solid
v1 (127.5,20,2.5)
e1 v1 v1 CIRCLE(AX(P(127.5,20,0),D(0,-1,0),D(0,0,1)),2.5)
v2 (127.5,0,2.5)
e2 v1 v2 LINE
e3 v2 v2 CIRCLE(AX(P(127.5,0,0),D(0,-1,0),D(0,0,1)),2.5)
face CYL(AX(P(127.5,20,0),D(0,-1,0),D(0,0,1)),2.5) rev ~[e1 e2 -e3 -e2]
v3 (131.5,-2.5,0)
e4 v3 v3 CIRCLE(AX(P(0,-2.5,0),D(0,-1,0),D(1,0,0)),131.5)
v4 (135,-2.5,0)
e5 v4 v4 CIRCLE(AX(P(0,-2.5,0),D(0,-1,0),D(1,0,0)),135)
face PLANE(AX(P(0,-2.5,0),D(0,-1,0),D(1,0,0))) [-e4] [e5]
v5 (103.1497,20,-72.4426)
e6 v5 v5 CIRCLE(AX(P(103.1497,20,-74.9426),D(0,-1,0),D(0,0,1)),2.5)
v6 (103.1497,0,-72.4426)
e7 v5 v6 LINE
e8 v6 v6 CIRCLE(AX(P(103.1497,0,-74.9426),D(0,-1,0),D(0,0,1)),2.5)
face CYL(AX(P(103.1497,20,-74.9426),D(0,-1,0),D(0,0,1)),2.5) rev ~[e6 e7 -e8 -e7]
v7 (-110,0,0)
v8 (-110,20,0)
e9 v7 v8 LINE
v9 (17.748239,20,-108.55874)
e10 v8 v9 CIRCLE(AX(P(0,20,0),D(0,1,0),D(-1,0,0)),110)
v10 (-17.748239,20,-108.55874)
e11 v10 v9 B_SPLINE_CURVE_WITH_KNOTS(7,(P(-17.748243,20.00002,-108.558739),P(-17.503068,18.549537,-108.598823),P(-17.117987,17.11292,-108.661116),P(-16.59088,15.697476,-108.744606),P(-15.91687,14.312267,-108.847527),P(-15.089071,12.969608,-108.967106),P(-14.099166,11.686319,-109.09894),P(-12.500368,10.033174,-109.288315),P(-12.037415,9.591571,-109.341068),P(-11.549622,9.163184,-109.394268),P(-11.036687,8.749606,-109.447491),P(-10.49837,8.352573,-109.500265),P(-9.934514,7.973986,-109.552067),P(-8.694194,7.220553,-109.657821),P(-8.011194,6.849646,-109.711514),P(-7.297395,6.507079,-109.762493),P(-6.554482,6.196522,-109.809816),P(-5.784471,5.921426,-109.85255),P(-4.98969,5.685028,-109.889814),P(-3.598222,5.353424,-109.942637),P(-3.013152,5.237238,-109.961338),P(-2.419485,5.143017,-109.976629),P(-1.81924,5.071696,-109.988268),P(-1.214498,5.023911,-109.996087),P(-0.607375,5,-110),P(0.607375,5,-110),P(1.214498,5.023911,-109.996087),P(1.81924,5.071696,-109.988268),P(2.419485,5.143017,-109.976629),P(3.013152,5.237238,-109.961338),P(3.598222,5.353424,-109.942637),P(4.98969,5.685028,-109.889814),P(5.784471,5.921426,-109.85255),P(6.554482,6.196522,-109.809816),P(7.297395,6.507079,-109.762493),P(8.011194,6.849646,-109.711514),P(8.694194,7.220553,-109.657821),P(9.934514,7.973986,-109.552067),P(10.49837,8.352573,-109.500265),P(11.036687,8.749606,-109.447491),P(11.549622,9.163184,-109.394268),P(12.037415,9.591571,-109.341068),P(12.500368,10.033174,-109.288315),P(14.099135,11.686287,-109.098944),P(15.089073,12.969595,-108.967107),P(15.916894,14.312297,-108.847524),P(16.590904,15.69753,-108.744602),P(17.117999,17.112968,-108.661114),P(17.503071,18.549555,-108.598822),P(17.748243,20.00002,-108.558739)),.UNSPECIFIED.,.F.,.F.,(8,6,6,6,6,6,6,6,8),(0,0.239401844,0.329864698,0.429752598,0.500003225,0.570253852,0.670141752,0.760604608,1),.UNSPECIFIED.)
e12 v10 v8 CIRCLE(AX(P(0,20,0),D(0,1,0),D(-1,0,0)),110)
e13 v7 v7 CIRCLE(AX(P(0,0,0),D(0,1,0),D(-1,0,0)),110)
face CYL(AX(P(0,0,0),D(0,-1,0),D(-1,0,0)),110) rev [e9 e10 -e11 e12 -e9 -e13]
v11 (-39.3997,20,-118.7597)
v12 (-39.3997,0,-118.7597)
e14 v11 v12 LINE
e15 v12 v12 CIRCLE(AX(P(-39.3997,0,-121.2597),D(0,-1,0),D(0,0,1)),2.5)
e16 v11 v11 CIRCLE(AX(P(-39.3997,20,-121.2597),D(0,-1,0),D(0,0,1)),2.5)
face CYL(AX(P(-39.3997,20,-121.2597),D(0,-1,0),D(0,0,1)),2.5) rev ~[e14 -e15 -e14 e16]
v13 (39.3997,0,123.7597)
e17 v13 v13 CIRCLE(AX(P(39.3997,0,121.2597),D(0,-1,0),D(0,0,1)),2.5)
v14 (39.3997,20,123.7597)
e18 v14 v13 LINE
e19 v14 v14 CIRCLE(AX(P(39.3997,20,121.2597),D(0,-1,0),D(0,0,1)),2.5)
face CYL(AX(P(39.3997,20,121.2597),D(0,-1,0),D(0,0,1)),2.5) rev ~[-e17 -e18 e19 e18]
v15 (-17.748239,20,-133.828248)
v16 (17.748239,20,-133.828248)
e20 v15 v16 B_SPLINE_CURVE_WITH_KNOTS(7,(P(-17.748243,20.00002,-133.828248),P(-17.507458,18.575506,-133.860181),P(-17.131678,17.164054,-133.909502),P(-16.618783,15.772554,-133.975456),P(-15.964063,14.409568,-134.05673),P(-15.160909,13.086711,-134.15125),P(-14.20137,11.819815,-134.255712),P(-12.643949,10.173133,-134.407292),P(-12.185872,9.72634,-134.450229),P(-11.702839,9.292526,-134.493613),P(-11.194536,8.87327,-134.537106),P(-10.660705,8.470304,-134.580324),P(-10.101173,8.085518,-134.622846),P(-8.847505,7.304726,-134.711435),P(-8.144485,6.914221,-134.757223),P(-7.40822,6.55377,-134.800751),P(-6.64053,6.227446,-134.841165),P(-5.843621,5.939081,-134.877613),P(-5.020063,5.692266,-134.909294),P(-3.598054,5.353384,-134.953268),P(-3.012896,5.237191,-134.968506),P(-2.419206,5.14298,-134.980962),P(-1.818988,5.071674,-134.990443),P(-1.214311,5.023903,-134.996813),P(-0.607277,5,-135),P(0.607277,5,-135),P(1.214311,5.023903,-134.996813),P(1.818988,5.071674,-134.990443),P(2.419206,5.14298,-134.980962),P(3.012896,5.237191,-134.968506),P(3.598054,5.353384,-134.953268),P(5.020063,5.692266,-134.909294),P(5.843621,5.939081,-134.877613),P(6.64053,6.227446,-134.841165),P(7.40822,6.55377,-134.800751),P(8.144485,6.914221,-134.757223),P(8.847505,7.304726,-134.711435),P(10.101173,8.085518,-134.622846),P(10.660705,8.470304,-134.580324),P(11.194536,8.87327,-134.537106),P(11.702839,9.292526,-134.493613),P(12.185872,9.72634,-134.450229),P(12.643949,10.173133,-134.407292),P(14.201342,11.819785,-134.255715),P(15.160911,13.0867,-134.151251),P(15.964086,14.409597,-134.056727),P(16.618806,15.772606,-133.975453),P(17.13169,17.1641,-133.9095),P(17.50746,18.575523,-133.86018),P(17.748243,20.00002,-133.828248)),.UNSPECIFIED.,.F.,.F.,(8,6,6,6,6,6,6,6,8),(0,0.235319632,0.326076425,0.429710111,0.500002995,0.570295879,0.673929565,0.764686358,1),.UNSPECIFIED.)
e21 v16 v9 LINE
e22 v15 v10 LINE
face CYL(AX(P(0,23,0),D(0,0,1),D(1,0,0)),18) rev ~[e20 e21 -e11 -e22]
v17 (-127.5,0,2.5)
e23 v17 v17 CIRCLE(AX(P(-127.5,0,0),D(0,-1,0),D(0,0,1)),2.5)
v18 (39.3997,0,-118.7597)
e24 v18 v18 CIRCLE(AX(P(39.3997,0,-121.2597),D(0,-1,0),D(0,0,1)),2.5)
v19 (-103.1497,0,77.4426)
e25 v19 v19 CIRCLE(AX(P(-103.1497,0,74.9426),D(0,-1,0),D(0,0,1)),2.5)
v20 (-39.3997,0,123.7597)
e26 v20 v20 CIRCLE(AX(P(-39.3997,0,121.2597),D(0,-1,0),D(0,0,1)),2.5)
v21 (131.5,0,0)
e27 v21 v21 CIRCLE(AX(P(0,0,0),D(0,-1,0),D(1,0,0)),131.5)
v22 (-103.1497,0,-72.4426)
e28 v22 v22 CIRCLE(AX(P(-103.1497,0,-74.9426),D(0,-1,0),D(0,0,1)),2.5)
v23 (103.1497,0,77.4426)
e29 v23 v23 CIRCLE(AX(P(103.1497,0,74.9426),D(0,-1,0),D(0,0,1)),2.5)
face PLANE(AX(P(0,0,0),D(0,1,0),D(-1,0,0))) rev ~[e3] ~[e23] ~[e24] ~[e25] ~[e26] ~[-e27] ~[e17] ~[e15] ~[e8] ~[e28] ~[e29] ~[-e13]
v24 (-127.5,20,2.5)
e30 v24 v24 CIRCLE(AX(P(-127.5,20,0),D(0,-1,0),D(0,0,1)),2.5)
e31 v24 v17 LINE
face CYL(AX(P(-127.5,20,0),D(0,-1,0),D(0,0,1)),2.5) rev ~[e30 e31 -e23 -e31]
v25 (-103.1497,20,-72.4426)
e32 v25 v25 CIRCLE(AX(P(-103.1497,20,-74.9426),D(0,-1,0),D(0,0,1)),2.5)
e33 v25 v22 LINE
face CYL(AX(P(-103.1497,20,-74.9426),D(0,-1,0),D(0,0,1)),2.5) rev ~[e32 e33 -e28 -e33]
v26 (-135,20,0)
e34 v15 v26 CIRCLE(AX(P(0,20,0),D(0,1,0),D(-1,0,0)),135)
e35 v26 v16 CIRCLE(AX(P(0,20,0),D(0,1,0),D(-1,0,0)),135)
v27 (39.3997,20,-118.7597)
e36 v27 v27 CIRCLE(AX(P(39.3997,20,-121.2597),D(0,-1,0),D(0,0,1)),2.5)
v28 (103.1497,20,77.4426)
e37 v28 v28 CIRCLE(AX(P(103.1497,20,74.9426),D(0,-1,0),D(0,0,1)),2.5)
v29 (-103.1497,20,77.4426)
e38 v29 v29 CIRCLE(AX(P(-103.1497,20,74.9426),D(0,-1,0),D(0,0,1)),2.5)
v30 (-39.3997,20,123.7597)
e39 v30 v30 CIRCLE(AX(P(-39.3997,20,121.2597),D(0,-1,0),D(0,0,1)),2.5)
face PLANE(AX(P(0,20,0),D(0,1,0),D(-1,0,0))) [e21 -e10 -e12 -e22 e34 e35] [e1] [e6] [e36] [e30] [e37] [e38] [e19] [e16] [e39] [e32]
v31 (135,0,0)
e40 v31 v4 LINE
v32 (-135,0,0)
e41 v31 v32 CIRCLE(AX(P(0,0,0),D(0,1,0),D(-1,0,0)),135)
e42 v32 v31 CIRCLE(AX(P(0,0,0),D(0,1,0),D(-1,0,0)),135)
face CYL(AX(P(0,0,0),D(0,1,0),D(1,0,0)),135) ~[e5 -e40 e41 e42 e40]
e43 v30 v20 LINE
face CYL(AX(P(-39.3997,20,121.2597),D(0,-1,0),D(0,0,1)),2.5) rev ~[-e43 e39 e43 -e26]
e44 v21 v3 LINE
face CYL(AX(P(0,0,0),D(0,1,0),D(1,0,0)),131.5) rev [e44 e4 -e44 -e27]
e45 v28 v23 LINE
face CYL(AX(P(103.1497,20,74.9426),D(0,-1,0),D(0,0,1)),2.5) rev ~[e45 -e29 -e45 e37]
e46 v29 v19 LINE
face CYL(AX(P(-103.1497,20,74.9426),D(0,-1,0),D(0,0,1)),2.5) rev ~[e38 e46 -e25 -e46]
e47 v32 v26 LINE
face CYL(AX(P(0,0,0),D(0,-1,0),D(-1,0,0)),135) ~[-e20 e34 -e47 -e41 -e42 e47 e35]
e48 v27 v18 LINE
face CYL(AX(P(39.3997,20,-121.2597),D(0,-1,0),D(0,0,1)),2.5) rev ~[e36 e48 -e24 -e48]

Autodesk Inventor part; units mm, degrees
ref_plane "YZ Plane" through (0, 0, 0) normal (1, 0, 0) x (0, 1, 0)
ref_plane "XZ Plane" through (0, 0, 0) normal (0, 1, 0) x (-1, 0, 0)
ref_plane "XY Plane" through (0, 0, 0) normal (0, 0, 1) x (1, 0, 0)
sketch "Sketch1" plane through (0, 0, 0) normal (0, 1, 0) x (-1, 0, 0)
  circle A0 centre (0, 0) radius 135
  circle A1 centre (0, 0) radius 110
  dimension "d0" = 270
  dimension "d1" = 220
extrude "Extrusion1" add sketch "Sketch1" along normal blind 20
sketch "Sketch2" plane through (0, 0, 0) normal (0, 0, 1) x (1, 0, 0)
  circle A0 centre (0, 23) radius 18
  line L0 (135, 0) -> (-135, 0) projected
  point P0 (0, 0)
  dimension "d4" = 36
  dimension "d5" = 23
extrude "Extrusion2" cut sketch "Sketch2" against normal through all
sketch "Sketch3" plane through (0, 20, 0) normal (0, 1, 0) x (1, 0, 0)
  circle A0 centre (0, 0) radius 127.5
  circle A1 centre (-127.5, 0) radius 2
  circle A2 centre (-103.1497, -74.9426) radius 2
  circle A3 centre (-39.3997, -121.2597) radius 2
  circle A4 centre (39.3997, -121.2597) radius 2
  circle A5 centre (103.1497, -74.9426) radius 2
  circle A6 centre (127.5, 0) radius 2
  circle A7 centre (103.1497, 74.9426) radius 2
  circle A8 centre (39.3997, 121.2597) radius 2
  circle A9 centre (-39.3997, 121.2597) radius 2
  circle A10 centre (-103.1497, 74.9426) radius 2
  dimension "d8" = 255
  dimension "d9" = 4
  dimension "d12" = 360
hole "Hole1" at (103.1497, 20, 74.9426) at (127.5, 20, 0) at (103.1497, 20, -74.9426) at (39.3997, 20, -121.2597) at (-39.3997, 20, -121.2597) at (-103.1497, 20, -74.9426) at (-127.5, 20, 0) at (-103.1497, 20, 74.9426) at (-39.3997, 20, 121.2597) at (39.3997, 20, 121.2597) direction (0, -1, 0) diameter 5 end through all
sketch "Sketch4" plane through (0, 0, 0) normal (0, -1, 0) x (1, 0, 0)
  circle A0 centre (0, 0) radius 131.5
  circle A1 centre (0, 0) radius 135
  dimension "d21" = 263
extrude "Extrusion3" add sketch "Sketch4" along normal blind 2.5
properties part number "Cylinder Bottom"
